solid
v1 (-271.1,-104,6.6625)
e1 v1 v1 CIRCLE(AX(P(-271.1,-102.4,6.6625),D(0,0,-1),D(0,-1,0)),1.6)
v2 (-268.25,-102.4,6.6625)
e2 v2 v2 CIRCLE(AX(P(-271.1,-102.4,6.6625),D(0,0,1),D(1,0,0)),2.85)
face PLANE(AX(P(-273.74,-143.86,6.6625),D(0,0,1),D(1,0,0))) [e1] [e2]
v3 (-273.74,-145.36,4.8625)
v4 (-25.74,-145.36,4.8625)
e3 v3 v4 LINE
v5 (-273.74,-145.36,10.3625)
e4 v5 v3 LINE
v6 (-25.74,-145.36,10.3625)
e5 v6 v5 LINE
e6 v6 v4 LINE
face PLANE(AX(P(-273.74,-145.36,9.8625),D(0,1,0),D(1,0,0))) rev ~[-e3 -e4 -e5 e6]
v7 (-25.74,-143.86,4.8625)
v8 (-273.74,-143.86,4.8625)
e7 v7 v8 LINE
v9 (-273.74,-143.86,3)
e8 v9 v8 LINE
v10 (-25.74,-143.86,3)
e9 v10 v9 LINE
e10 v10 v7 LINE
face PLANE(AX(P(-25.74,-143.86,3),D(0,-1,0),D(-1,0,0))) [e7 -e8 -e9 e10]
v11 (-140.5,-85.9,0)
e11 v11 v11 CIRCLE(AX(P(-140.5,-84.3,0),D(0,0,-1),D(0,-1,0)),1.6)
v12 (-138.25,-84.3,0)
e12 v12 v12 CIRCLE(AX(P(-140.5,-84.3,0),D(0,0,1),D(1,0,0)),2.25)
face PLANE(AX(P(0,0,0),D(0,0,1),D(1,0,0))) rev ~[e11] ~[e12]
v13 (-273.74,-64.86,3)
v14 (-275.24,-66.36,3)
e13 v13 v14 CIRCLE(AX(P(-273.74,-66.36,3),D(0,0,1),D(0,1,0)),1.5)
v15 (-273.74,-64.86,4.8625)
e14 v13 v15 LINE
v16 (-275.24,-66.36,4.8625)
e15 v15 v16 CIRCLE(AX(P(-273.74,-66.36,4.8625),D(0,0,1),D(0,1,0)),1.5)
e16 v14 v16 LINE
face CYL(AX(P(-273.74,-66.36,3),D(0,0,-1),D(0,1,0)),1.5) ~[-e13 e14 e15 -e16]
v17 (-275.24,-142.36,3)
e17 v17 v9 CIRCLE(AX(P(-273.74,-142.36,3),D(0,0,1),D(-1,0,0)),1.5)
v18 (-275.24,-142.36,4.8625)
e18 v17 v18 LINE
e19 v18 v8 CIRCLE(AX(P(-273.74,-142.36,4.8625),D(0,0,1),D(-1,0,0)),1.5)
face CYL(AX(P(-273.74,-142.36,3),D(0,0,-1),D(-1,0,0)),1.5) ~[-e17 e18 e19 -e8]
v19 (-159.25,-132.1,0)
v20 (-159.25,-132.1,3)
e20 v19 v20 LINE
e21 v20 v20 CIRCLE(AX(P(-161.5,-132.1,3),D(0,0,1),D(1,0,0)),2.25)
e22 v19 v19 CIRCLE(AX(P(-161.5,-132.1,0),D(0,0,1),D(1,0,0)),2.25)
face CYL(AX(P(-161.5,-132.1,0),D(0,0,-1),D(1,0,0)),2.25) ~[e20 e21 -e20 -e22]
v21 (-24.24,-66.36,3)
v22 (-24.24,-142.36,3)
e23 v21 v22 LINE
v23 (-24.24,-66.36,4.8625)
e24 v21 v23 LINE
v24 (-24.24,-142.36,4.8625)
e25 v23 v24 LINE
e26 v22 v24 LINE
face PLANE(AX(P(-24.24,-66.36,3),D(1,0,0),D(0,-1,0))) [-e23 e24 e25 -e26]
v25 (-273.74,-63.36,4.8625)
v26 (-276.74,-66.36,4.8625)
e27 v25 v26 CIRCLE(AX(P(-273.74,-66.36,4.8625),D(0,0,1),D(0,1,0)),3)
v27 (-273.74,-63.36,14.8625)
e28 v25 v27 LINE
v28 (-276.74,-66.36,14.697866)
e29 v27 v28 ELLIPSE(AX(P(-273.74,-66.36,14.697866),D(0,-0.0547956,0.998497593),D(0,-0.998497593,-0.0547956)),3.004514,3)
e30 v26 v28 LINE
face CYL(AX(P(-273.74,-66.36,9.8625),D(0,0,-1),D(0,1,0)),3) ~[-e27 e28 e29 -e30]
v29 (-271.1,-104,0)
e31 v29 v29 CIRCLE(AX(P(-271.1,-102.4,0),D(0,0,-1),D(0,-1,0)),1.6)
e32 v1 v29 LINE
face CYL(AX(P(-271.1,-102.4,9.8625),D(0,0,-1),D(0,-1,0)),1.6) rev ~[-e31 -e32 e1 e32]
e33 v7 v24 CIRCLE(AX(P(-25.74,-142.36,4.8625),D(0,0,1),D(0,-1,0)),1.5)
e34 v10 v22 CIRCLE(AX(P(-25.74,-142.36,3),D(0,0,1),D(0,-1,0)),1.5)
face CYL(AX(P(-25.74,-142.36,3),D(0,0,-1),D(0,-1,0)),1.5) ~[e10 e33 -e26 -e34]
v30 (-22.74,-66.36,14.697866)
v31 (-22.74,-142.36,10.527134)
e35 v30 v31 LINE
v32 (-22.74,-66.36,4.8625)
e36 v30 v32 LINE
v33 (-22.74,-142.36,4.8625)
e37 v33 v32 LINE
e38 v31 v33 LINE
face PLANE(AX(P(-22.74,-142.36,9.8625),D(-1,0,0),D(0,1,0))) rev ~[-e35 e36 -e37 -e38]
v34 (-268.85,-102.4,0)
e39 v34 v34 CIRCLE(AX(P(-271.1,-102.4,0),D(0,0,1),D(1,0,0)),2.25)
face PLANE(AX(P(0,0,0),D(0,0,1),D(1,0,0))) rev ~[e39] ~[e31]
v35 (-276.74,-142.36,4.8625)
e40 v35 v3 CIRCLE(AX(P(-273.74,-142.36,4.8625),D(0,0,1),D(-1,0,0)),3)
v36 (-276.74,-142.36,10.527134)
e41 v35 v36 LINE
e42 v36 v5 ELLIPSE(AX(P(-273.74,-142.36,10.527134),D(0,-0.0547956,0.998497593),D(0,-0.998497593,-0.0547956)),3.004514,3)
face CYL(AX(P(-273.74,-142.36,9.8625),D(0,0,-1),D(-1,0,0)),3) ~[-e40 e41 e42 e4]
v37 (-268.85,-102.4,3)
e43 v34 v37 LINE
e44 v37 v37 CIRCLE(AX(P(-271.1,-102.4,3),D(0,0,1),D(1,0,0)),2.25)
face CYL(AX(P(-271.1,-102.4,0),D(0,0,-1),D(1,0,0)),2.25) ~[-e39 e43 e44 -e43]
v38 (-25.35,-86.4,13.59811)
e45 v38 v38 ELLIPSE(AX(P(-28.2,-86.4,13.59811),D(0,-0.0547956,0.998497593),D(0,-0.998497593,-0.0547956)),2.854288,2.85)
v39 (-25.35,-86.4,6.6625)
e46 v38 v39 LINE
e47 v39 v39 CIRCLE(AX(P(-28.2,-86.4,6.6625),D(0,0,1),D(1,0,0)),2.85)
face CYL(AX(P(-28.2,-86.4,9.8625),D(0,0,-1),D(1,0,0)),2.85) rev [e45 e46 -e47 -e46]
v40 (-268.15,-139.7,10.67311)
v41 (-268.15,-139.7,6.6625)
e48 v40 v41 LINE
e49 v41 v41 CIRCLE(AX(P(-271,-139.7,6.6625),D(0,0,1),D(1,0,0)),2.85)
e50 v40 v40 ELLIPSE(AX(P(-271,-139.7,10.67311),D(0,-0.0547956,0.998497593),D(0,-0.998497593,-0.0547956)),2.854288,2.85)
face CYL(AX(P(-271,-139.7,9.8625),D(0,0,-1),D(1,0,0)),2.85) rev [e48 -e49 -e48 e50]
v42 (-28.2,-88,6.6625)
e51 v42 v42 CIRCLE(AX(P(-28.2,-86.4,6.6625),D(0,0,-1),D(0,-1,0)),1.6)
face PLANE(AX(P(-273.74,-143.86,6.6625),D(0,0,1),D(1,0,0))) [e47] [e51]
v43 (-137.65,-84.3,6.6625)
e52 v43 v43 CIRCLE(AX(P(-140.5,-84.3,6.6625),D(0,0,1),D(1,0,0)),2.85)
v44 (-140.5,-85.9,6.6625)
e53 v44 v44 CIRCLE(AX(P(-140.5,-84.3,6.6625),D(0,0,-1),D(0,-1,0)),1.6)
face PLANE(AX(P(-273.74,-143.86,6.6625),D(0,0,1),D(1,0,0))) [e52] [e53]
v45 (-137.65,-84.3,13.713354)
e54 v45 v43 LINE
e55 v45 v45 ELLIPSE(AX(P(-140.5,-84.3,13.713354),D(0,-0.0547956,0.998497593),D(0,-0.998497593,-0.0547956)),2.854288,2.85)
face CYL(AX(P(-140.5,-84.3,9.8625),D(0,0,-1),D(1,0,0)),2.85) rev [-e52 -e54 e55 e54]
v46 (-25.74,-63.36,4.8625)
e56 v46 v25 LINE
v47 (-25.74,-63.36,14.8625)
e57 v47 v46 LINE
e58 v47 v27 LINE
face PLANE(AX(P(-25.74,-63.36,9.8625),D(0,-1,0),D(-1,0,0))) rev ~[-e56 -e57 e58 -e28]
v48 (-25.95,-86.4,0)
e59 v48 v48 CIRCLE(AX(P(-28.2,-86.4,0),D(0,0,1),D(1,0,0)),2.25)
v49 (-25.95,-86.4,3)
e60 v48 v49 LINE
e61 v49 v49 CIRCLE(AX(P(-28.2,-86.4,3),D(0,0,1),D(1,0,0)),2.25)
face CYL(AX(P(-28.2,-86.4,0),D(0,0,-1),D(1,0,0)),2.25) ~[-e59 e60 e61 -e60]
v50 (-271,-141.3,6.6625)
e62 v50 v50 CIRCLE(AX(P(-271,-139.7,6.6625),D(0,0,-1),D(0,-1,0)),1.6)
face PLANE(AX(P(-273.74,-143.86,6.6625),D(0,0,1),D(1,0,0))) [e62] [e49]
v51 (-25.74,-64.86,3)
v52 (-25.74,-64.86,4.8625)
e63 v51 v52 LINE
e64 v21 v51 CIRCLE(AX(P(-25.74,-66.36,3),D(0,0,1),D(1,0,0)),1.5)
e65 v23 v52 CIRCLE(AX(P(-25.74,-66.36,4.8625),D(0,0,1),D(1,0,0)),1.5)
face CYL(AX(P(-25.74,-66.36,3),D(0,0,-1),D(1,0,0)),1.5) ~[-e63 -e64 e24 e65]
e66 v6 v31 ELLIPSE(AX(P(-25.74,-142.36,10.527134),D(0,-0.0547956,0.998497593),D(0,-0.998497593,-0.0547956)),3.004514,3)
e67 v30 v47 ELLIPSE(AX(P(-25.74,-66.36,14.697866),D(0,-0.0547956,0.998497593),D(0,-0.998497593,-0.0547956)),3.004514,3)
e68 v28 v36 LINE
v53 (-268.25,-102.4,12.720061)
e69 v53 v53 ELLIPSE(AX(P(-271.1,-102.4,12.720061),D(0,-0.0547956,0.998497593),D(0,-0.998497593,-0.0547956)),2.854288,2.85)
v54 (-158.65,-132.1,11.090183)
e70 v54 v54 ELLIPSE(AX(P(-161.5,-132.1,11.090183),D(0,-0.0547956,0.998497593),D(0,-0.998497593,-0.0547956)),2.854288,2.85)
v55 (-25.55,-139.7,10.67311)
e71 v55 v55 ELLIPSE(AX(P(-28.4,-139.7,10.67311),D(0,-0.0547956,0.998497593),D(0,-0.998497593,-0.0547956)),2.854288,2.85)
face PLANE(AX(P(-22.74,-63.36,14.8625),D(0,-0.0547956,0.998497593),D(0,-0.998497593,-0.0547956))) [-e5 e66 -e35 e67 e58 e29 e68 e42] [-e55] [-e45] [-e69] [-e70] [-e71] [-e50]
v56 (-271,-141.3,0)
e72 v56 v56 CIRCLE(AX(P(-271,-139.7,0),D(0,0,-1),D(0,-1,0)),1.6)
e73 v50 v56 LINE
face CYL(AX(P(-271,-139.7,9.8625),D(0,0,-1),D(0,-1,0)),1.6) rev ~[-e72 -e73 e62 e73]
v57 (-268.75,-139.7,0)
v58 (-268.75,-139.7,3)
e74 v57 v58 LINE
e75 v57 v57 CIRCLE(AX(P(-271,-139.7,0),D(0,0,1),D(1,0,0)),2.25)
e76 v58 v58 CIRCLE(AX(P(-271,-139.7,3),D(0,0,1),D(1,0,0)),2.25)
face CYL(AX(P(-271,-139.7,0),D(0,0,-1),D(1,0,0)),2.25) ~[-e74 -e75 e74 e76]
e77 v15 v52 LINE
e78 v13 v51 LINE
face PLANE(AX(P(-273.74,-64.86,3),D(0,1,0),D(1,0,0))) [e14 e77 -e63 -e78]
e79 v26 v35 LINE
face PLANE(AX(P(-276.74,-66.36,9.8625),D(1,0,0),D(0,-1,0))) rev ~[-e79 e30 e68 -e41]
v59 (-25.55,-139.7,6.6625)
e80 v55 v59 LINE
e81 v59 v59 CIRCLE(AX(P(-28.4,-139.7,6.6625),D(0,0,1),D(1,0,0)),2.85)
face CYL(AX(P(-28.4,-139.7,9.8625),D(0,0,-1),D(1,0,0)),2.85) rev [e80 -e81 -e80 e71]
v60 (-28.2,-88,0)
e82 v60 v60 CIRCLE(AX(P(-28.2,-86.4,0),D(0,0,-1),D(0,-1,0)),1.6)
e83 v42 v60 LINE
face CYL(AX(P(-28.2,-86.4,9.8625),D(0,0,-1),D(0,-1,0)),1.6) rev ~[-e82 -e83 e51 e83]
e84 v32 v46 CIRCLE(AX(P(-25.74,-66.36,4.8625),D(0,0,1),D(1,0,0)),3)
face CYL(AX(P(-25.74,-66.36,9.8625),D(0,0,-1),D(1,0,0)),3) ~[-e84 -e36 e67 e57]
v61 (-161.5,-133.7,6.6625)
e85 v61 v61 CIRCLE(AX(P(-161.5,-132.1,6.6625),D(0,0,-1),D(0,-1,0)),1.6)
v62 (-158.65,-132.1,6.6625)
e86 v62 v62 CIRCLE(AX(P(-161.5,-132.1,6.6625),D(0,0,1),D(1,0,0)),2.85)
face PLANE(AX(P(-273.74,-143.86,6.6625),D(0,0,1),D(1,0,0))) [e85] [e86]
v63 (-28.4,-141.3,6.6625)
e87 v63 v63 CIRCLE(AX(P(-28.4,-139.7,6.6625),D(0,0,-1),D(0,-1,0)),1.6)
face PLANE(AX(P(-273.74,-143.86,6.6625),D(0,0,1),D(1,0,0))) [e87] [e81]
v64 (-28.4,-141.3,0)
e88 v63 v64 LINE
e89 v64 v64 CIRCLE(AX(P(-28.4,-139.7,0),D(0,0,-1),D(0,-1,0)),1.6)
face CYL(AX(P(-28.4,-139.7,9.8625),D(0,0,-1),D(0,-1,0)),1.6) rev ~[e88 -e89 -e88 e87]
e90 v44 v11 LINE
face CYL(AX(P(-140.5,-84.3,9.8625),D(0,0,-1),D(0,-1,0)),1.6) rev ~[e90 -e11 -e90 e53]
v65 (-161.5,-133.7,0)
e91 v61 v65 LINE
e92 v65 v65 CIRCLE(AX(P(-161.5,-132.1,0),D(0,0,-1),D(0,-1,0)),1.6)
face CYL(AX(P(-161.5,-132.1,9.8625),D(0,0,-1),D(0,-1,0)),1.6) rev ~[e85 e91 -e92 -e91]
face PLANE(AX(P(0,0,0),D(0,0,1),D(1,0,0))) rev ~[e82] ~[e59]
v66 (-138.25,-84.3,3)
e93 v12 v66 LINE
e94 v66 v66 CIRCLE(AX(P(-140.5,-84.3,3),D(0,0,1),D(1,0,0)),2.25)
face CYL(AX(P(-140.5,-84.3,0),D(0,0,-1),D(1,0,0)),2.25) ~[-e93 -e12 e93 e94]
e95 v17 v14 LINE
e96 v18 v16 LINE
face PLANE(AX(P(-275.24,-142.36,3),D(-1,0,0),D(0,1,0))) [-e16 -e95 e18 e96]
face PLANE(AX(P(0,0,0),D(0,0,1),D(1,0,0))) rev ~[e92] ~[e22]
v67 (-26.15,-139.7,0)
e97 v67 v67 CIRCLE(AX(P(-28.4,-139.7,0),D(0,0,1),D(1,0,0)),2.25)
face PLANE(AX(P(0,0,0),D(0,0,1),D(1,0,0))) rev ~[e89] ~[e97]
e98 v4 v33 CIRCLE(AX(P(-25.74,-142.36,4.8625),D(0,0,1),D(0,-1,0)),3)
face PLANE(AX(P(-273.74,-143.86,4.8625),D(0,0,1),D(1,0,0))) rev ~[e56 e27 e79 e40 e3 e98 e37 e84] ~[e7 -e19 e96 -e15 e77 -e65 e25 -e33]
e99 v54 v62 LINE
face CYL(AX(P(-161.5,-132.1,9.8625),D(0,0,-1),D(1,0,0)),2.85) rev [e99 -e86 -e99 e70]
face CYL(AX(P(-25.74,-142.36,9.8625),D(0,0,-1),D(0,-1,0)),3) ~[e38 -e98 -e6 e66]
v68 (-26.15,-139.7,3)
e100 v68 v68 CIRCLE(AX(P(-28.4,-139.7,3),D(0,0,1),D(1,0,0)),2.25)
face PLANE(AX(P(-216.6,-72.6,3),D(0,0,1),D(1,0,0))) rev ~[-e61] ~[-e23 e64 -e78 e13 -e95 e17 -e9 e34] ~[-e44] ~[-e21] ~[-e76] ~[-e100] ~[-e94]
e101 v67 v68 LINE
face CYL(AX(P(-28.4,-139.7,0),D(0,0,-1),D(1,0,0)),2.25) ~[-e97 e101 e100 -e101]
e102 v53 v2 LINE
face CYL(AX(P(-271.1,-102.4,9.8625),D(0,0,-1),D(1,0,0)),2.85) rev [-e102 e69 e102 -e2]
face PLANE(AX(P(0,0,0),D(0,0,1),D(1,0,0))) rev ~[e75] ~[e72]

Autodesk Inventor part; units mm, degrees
ref_plane "YZ Plane" through (0, 0, 0) normal (1, 0, 0) x (0, 1, 0)
ref_plane "XZ Plane" through (0, 0, 0) normal (0, 1, 0) x (-1, 0, 0)
sketch "Skizze1" plane through (0, 0, 0) normal (0, 0, 1) x (1, 0, 0)
  circle A0 centre (-271.1, -102.4) radius 2.25
  circle A1 centre (-271, -139.7) radius 2.25
  circle A2 centre (-140.5, -84.3) radius 2.25
  circle A3 centre (-161.5, -132.1) radius 2.25
  circle A4 centre (-28.4, -139.7) radius 2.25
  circle A5 centre (-28.2, -86.4) radius 2.25
  circle A6 centre (-216.6, -72.6) radius 2.25
  point P0 (0, 0)
extrude "Extrusion1" add sketch "Skizze1" along normal blind 3 contours A0 | A1 | A2 | A3 | A4 | A5
sketch "Skizze2" plane through (-216.6, -72.6, 3) normal (0, 0, 1) x (1, 0, 0)
  line L0 (-57.14, 7.74) -> (190.86, 7.74) projected
  arc A0 (192.36, 6.24) -> (190.86, 7.74) centre (190.86, 6.24) ccw projected
  line L1 (192.36, 6.24) -> (192.36, -69.76) projected
  arc A1 (190.86, -71.26) -> (192.36, -69.76) centre (190.86, -69.76) ccw projected
  line L2 (190.86, -71.26) -> (-57.14, -71.26) projected
  arc A2 (-58.64, -69.76) -> (-57.14, -71.26) centre (-57.14, -69.76) ccw projected
  line L3 (-58.64, -69.76) -> (-58.64, 6.24) projected
  arc A3 (-57.14, 7.74) -> (-58.64, 6.24) centre (-57.14, 6.24) ccw projected
  point P0 (216.6, 72.6)
ref_plane "Arbeitsebene1" through (-276.74, -145.36, 4.8625) normal (0, 0, 1) x (1, 0, 0)
extrude "Extrusion2" add sketch "Skizze2" along normal up to surface (1.8625 mm away)
sketch "Skizze3" plane through (-273.74, -143.86, 4.8625) normal (0, 0, 1) x (1, 0, 0)
  line L0 (248, 80.5) -> (0, 80.5) projected
  arc A0 (0, 80.5) -> (-3, 77.5) centre (0, 77.5) ccw projected
  line L1 (-3, 77.5) -> (-3, 1.5) projected
  arc A1 (-3, 1.5) -> (0, -1.5) centre (0, 1.5) ccw projected
  line L2 (0, -1.5) -> (248, -1.5) projected
  arc A2 (248, -1.5) -> (251, 1.5) centre (248, 1.5) ccw projected
  line L3 (251, 1.5) -> (251, 77.5) projected
  arc A3 (251, 77.5) -> (248, 80.5) centre (248, 77.5) ccw projected
  point P0 (273.74, 143.86)
extrude "Extrusion3" add sketch "Skizze3" along normal blind 5
sketch "Skizze4" plane through (-273.74, -143.86, 9.8625) normal (0, 0, 1) x (1, 0, 0)
  circle A0 centre (245.54, 57.46) radius 2.25 construction
  circle A1 centre (245.34, 4.16) radius 2.25 construction
  circle A2 centre (133.24, 59.56) radius 1.2295 projected
  circle A3 centre (133.24, 59.56) radius 1.2295 projected
  circle A4 centre (112.24, 11.76) radius 1.6 projected
  circle A5 centre (57.14, 71.26) radius 2.25 projected
  circle A6 centre (2.64, 41.46) radius 1.2295 projected
  circle A7 centre (2.74, 4.16) radius 1.2295 projected
  circle A8 centre (2.64, 41.46) radius 2.85
  circle A9 centre (2.74, 4.16) radius 2.85
  circle A10 centre (57.14, 71.26) radius 2.85
  circle A11 centre (112.24, 11.76) radius 2.25 projected
  circle A12 centre (112.24, 11.76) radius 2.85
  circle A13 centre (133.24, 59.56) radius 2.25 projected
  circle A14 centre (133.24, 59.56) radius 2.85
  circle A15 centre (245.54, 57.46) radius 2.85
  circle A16 centre (245.34, 4.16) radius 2.85
  point P0 (273.74, 143.86)
  dimension "d6" = 5.7
  dimension "d7" = 5.7
  dimension "d8" = 5.7
  dimension "d9" = 5.7
  dimension "d10" = 5.7
  dimension "d11" = 5.7
  dimension "d12" = 5.7
extrude "Extrusion4" cut sketch "Skizze4" against normal blind 3.2 contours A2 | A4 | A6 | A7 | A8 | A9 | A11 | A12 | A13 | A14 | A15 | A16
sketch "Skizze5" plane through (-273.74, -143.86, 9.8625) normal (0, 0, 1) x (1, 0, 0)
  circle A0 centre (245.54, 57.46) radius 2.85 projected
  circle A1 centre (245.34, 4.16) radius 2.85 projected
  circle A2 centre (112.24, 11.76) radius 2.85 projected
  circle A3 centre (133.24, 59.56) radius 2.85 projected
  circle A4 centre (57.14, 71.26) radius 2.85 projected
  circle A5 centre (2.64, 41.46) radius 2.85 projected
  circle A6 centre (2.74, 4.16) radius 2.85 projected
  point P0 (273.74, 143.86)
hole "Bohrung1" at (-271, -139.7, 9.8625) at (-271.1, -102.4, 9.8625) at (-161.5, -132.1, 9.8625) at (-140.5, -84.3, 9.8625) at (-28.2, -86.4, 9.8625) at (-28.4, -139.7, 9.8625) direction (0, 0, -1) diameter 3.2 depth 23.862
sketch "Skizze6" plane through (-273.74, -143.86, 9.8625) normal (0, 0, 1) x (1, 0, 0)
  circle A0 centre (245.54, 57.46) radius 2.85 projected
  circle A1 centre (112.24, 11.76) radius 2.85 projected
  circle A2 centre (2.74, 4.16) radius 2.85 projected
  circle A3 centre (245.34, 4.16) radius 2.85 projected
  circle A4 centre (133.24, 59.56) radius 2.85 projected
  circle A5 centre (2.64, 41.46) radius 2.85 projected
  arc A6 (0, 80.5) -> (-3, 77.5) centre (0, 77.5) ccw projected
  line L0 (-3, 77.5) -> (-3, 1.5) projected
  arc A7 (-3, 1.5) -> (0, -1.5) centre (0, 1.5) ccw projected
  line L1 (0, -1.5) -> (248, -1.5) projected
  arc A8 (248, -1.5) -> (251, 1.5) centre (248, 1.5) ccw projected
  line L2 (251, 1.5) -> (251, 77.5) projected
  arc A9 (251, 77.5) -> (248, 80.5) centre (248, 77.5) ccw projected
  line L3 (248, 80.5) -> (0, 80.5) projected
  point P0 (273.74, 143.86)
extrude "Extrusion5" add sketch "Skizze6" along normal blind 5
sketch "Skizze7" plane through (-22.74, -142.36, 4.8625) normal (1, 0, 0) x (0, 0, -1)
  line L0 (-10, 0) -> (-10, 76) projected
  line L1 (-10, 0) -> (-10, -3) projected
  line L2 (0, -3) -> (-10, -3) projected
  line L3 (0, 79) -> (-10, 79) projected
  line L4 (-10, 79) -> (-10, 76) projected
  line L5 (-10, 79) -> (-5.5, -3)
  point P0 (4.8625, 142.36)
  dimension "d27" = 4.5
extrude "Extrusion6" cut sketch "Skizze7" against normal through all
properties part number "Bottom"
